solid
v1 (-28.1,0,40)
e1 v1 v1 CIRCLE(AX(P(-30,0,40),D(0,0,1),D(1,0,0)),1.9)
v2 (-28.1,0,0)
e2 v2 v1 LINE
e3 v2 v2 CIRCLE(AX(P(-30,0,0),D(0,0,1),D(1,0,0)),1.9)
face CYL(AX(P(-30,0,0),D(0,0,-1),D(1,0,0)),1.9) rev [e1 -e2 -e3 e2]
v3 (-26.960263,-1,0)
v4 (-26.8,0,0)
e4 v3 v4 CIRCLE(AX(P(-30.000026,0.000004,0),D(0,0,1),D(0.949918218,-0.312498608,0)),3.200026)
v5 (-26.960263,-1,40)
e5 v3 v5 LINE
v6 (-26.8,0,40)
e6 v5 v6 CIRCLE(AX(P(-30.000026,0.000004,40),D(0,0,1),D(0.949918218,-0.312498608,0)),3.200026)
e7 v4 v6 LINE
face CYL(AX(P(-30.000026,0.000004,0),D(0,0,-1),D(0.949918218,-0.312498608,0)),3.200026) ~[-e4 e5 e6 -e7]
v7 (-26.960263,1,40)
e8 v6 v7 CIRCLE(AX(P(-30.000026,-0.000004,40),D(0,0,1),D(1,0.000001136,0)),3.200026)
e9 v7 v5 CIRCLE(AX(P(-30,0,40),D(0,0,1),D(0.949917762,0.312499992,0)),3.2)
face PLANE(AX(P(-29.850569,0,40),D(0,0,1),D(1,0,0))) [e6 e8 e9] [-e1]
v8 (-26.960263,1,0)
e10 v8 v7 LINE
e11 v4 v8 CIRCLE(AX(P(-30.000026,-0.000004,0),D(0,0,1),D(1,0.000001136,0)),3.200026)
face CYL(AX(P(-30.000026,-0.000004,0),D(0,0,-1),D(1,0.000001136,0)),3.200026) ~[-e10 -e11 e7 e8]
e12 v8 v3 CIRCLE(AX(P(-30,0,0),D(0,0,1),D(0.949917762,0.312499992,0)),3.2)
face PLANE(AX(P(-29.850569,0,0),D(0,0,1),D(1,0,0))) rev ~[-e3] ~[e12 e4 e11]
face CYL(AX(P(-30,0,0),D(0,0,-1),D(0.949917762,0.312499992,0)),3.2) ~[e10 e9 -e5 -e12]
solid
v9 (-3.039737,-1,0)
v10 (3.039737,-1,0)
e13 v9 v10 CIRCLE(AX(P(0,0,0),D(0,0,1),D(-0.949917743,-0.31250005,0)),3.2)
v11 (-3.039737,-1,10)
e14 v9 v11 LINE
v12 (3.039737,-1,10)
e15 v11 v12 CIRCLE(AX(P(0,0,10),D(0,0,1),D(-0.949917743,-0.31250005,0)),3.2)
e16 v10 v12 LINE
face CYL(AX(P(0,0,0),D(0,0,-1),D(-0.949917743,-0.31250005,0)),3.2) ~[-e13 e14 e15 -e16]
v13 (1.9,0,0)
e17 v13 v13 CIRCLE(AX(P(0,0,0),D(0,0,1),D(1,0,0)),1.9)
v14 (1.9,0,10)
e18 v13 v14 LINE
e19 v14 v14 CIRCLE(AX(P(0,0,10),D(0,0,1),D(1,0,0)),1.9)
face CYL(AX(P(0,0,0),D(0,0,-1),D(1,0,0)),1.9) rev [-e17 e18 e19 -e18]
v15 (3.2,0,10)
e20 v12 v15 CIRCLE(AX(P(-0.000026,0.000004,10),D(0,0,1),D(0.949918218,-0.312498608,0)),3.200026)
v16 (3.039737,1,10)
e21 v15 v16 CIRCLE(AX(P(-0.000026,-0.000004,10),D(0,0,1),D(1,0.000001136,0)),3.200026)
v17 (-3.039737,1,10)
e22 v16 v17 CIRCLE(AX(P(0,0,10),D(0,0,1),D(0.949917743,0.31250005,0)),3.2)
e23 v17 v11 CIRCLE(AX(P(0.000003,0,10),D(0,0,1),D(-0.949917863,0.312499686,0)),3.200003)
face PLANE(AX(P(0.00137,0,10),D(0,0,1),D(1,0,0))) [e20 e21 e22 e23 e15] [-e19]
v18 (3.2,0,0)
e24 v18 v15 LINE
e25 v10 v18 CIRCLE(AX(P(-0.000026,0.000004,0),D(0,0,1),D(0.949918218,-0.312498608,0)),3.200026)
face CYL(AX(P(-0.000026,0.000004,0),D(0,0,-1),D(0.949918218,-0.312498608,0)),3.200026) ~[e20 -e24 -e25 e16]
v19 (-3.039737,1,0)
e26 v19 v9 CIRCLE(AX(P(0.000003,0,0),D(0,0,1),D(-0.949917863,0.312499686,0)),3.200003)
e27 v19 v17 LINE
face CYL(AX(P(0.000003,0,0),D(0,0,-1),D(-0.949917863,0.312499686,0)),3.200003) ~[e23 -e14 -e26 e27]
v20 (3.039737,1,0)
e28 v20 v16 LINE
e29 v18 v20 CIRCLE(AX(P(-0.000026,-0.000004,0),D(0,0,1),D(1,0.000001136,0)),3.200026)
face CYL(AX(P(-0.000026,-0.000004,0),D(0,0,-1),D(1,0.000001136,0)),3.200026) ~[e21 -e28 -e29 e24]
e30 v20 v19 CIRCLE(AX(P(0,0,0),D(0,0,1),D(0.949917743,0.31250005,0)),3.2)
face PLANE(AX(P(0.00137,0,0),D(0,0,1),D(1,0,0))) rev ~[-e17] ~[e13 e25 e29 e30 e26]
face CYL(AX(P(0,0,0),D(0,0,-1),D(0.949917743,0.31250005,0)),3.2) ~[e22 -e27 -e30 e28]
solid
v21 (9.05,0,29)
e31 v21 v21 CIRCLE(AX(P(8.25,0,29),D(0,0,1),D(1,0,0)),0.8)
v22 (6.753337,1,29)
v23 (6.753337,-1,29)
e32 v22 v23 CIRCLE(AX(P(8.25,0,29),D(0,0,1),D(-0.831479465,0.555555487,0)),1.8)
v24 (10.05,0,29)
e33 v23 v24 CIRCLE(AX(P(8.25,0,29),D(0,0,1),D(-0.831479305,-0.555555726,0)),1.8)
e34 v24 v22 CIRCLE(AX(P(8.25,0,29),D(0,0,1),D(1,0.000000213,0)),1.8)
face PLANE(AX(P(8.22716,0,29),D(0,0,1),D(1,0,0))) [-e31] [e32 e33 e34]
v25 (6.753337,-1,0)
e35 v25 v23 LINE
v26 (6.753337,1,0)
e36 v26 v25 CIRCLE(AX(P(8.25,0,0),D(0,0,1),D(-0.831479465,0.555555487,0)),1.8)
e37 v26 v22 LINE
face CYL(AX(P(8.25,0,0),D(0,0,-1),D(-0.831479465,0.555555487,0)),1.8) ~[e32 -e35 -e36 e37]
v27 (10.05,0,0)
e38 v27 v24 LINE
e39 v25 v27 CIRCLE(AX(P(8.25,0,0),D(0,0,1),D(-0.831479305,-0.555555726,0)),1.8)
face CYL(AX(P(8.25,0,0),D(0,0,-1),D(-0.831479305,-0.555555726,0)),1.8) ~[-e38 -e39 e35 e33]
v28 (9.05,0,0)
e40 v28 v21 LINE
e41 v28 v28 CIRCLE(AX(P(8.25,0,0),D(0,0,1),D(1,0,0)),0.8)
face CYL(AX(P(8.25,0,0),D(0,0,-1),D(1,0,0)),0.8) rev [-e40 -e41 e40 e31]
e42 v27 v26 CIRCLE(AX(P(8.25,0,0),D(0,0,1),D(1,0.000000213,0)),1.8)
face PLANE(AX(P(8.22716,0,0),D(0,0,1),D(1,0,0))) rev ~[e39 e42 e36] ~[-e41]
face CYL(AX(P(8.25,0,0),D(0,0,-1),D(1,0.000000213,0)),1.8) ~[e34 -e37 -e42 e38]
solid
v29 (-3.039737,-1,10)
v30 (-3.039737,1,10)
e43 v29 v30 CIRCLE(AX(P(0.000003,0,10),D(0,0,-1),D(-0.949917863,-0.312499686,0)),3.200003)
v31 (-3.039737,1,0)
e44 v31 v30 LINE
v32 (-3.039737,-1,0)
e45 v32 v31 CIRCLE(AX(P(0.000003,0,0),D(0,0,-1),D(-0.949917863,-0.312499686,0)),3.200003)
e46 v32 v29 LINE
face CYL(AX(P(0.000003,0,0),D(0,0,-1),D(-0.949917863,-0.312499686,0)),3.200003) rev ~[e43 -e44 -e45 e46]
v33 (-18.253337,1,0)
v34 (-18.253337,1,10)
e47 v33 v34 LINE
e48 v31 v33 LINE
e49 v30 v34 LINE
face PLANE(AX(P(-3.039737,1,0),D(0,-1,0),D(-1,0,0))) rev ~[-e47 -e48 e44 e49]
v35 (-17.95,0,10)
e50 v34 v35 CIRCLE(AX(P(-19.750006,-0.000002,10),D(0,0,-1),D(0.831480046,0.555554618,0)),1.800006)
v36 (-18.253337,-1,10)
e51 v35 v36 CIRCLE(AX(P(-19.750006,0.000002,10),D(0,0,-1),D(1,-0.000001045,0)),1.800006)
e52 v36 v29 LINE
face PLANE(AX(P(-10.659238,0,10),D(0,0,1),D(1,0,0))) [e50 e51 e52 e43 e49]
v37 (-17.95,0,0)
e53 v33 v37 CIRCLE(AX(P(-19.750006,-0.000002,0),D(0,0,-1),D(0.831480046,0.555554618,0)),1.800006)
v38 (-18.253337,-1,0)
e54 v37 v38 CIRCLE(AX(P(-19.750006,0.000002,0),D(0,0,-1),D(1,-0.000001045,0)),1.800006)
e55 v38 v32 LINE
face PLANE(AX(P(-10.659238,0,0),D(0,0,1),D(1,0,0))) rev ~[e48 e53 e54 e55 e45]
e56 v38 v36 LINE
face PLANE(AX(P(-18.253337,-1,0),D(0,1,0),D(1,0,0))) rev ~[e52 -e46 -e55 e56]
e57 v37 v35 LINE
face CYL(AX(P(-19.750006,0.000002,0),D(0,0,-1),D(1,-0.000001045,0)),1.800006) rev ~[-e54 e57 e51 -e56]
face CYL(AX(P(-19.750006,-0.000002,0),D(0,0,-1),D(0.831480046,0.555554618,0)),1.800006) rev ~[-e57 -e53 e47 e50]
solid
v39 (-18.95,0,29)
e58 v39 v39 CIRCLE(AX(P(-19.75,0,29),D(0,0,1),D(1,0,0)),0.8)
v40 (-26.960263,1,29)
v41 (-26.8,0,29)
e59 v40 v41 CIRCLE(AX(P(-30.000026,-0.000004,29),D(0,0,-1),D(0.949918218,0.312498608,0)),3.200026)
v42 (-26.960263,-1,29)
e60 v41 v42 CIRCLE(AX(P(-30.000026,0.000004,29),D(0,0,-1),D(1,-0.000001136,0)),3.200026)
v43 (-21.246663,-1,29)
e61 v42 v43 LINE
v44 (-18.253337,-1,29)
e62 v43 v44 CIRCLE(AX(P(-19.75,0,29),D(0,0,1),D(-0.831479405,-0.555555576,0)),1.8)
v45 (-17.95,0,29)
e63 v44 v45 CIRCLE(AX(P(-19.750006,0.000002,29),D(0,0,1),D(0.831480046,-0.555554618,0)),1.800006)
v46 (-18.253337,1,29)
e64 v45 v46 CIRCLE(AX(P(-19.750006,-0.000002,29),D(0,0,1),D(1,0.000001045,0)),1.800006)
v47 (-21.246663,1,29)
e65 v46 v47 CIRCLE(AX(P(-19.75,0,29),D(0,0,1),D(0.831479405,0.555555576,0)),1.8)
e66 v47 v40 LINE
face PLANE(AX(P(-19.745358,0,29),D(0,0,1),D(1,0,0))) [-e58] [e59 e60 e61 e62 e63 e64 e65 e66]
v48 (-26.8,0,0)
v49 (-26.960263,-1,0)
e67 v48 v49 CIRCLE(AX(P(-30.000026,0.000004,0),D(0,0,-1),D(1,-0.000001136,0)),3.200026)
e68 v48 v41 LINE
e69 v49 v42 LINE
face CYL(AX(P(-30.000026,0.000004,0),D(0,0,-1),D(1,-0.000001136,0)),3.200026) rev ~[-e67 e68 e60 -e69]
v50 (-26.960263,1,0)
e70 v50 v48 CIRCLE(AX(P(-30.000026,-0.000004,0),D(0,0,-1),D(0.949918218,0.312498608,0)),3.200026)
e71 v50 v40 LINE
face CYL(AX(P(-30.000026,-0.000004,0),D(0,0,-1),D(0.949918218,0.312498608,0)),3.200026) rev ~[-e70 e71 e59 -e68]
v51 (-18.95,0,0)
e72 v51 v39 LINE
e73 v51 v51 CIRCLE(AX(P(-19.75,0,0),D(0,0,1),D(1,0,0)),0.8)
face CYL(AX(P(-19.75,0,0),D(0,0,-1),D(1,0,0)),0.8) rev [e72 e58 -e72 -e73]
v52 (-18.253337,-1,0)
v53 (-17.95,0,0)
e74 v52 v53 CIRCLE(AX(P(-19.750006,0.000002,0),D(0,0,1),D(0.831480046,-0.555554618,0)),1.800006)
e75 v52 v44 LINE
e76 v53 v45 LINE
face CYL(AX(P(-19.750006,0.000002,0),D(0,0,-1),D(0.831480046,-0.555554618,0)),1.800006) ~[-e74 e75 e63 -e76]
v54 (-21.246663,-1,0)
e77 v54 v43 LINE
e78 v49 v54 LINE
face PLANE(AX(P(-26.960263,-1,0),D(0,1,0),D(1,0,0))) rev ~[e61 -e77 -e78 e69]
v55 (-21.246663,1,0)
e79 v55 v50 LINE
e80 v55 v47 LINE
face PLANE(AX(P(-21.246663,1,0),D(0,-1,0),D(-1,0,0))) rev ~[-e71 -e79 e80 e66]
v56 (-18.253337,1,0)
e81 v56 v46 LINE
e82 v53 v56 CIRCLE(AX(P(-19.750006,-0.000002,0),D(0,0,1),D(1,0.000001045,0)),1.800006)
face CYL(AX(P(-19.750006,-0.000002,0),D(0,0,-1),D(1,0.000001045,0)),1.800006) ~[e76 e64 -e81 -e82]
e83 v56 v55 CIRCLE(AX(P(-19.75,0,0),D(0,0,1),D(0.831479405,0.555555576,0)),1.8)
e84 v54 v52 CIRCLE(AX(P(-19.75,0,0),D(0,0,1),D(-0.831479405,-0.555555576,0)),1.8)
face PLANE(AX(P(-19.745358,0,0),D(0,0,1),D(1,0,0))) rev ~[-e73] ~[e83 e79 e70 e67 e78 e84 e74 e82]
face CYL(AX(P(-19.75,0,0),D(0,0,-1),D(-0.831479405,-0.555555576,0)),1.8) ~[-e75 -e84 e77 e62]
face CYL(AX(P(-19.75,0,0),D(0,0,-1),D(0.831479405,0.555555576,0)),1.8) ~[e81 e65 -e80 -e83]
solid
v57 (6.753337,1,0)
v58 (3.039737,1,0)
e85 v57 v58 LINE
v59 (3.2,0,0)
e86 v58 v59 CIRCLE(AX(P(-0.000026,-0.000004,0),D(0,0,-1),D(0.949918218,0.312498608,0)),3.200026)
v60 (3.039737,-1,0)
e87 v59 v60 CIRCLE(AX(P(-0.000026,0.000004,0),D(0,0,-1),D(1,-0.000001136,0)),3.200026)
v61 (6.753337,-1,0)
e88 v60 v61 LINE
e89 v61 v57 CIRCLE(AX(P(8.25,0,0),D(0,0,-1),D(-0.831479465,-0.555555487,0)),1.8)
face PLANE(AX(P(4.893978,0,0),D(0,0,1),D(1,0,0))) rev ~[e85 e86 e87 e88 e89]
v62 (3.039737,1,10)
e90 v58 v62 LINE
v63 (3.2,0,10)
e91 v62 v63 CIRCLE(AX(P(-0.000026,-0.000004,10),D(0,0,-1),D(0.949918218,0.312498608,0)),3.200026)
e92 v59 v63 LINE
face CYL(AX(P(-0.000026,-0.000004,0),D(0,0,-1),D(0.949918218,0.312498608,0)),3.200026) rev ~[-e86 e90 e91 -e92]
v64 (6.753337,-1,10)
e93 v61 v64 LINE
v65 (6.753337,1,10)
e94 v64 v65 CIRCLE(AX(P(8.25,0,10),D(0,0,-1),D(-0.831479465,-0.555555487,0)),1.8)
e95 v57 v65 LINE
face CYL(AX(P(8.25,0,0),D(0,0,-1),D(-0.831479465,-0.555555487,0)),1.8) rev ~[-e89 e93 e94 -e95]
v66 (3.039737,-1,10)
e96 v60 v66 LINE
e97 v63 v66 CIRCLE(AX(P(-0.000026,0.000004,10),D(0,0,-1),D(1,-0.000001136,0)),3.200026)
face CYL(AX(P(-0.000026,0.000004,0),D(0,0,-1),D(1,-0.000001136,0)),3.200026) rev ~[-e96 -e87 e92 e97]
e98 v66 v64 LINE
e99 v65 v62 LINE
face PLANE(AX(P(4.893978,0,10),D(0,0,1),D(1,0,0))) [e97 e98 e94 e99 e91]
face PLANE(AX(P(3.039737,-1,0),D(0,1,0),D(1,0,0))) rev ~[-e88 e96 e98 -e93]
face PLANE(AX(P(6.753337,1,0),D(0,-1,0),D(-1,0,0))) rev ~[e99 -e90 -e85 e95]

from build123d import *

# Parameters (mm, degrees)
F0_R     = 1.9
F1_DEPTH = 40
F2_DEPTH = 10
F0_R_2   = 0.8
F3_DEPTH = 29
F4_DEPTH = 10


with BuildPart() as f1:
    # F0 (on Top) → F1 (new body)
    with BuildSketch(Plane.XY):
        with BuildLine():
            ThreePointArc((-26.960263, -1), (-26.84032, -0.50638), (-26.8, 0))
            ThreePointArc((-26.8, 0), (-26.84032, 0.50638), (-26.960263, 1))
            ThreePointArc((-26.960263, 1), (-33.2, 0), (-26.960263, -1))
        make_face()
        with Locations((-30, 0)):
            Circle(F0_R, mode=Mode.SUBTRACT)
    extrude(amount=F1_DEPTH)


with BuildPart() as f2:
    # F0 (on Top) → F2 (new body)
    with BuildSketch(Plane.XY):
        with BuildLine():
            ThreePointArc((3.039737, 1), (0, 3.2), (-3.039737, 1))
            ThreePointArc((-3.039737, 1), (-3.2, 0), (-3.039737, -1))
            ThreePointArc((-3.039737, -1), (0, -3.2), (3.039737, -1))
            ThreePointArc((3.039737, -1), (3.15968, -0.50638), (3.2, 0))
            ThreePointArc((3.2, 0), (3.15968, 0.50638), (3.039737, 1))
        make_face()
        Circle(F0_R, mode=Mode.SUBTRACT)
    extrude(amount=F2_DEPTH)


with BuildPart() as f3:
    # F0 (on Top) → F3 (new body)
    with BuildSketch(Plane.XY):
        with BuildLine():
            ThreePointArc((-18.253337, 1), (-19.75, 1.8), (-21.246663, 1))
            ThreePointArc((-21.246663, 1), (-21.55, 0), (-21.246663, -1))
            ThreePointArc((-21.246663, -1), (-19.75, -1.8), (-18.253337, -1))
            ThreePointArc((-18.253337, -1), (-18.027503, -0.522497), (-17.95, 0))
            ThreePointArc((-17.95, 0), (-18.027503, 0.522497), (-18.253337, 1))
        make_face()
        with Locations((-19.75, 0)):
            Circle(F0_R_2, mode=Mode.SUBTRACT)
        with BuildLine():
            ThreePointArc((10.05, 0), (8.772497, 1.722497), (6.753337, 1))
            ThreePointArc((6.753337, 1), (6.45, 0), (6.753337, -1))
            ThreePointArc((6.753337, -1), (8.772497, -1.722497), (10.05, 0))
        make_face()
        with Locations((8.25, 0)):
            Circle(F0_R_2, mode=Mode.SUBTRACT)
        with BuildLine():
            ThreePointArc((-26.960263, 1), (-26.84032, 0.50638), (-26.8, 0))
            ThreePointArc((-26.8, 0), (-26.84032, -0.50638), (-26.960263, -1))
            Line((-26.960263, -1), (-21.246663, -1))
            ThreePointArc((-21.246663, -1), (-21.55, 0), (-21.246663, 1))
            Line((-21.246663, 1), (-26.960263, 1))
        make_face()
    extrude(amount=F3_DEPTH)


with BuildPart() as f4:
    # F0 (on Top) → F4 (new body)
    with BuildSketch(Plane.XY):
        with BuildLine():
            Line((-3.039737, 1), (-18.253337, 1))
            ThreePointArc((-18.253337, 1), (-18.027503, 0.522497), (-17.95, 0))
            ThreePointArc((-17.95, 0), (-18.027503, -0.522497), (-18.253337, -1))
            Line((-18.253337, -1), (-3.039737, -1))
            ThreePointArc((-3.039737, -1), (-3.2, 0), (-3.039737, 1))
        make_face()
        with BuildLine():
            Line((6.753337, 1), (3.039737, 1))
            ThreePointArc((3.039737, 1), (3.15968, 0.50638), (3.2, 0))
            ThreePointArc((3.2, 0), (3.15968, -0.50638), (3.039737, -1))
            Line((3.039737, -1), (6.753337, -1))
            ThreePointArc((6.753337, -1), (6.45, 0), (6.753337, 1))
        make_face()
    extrude(amount=F4_DEPTH)


solid = Compound([f1.part, f2.part, f3.part, f4.part])
